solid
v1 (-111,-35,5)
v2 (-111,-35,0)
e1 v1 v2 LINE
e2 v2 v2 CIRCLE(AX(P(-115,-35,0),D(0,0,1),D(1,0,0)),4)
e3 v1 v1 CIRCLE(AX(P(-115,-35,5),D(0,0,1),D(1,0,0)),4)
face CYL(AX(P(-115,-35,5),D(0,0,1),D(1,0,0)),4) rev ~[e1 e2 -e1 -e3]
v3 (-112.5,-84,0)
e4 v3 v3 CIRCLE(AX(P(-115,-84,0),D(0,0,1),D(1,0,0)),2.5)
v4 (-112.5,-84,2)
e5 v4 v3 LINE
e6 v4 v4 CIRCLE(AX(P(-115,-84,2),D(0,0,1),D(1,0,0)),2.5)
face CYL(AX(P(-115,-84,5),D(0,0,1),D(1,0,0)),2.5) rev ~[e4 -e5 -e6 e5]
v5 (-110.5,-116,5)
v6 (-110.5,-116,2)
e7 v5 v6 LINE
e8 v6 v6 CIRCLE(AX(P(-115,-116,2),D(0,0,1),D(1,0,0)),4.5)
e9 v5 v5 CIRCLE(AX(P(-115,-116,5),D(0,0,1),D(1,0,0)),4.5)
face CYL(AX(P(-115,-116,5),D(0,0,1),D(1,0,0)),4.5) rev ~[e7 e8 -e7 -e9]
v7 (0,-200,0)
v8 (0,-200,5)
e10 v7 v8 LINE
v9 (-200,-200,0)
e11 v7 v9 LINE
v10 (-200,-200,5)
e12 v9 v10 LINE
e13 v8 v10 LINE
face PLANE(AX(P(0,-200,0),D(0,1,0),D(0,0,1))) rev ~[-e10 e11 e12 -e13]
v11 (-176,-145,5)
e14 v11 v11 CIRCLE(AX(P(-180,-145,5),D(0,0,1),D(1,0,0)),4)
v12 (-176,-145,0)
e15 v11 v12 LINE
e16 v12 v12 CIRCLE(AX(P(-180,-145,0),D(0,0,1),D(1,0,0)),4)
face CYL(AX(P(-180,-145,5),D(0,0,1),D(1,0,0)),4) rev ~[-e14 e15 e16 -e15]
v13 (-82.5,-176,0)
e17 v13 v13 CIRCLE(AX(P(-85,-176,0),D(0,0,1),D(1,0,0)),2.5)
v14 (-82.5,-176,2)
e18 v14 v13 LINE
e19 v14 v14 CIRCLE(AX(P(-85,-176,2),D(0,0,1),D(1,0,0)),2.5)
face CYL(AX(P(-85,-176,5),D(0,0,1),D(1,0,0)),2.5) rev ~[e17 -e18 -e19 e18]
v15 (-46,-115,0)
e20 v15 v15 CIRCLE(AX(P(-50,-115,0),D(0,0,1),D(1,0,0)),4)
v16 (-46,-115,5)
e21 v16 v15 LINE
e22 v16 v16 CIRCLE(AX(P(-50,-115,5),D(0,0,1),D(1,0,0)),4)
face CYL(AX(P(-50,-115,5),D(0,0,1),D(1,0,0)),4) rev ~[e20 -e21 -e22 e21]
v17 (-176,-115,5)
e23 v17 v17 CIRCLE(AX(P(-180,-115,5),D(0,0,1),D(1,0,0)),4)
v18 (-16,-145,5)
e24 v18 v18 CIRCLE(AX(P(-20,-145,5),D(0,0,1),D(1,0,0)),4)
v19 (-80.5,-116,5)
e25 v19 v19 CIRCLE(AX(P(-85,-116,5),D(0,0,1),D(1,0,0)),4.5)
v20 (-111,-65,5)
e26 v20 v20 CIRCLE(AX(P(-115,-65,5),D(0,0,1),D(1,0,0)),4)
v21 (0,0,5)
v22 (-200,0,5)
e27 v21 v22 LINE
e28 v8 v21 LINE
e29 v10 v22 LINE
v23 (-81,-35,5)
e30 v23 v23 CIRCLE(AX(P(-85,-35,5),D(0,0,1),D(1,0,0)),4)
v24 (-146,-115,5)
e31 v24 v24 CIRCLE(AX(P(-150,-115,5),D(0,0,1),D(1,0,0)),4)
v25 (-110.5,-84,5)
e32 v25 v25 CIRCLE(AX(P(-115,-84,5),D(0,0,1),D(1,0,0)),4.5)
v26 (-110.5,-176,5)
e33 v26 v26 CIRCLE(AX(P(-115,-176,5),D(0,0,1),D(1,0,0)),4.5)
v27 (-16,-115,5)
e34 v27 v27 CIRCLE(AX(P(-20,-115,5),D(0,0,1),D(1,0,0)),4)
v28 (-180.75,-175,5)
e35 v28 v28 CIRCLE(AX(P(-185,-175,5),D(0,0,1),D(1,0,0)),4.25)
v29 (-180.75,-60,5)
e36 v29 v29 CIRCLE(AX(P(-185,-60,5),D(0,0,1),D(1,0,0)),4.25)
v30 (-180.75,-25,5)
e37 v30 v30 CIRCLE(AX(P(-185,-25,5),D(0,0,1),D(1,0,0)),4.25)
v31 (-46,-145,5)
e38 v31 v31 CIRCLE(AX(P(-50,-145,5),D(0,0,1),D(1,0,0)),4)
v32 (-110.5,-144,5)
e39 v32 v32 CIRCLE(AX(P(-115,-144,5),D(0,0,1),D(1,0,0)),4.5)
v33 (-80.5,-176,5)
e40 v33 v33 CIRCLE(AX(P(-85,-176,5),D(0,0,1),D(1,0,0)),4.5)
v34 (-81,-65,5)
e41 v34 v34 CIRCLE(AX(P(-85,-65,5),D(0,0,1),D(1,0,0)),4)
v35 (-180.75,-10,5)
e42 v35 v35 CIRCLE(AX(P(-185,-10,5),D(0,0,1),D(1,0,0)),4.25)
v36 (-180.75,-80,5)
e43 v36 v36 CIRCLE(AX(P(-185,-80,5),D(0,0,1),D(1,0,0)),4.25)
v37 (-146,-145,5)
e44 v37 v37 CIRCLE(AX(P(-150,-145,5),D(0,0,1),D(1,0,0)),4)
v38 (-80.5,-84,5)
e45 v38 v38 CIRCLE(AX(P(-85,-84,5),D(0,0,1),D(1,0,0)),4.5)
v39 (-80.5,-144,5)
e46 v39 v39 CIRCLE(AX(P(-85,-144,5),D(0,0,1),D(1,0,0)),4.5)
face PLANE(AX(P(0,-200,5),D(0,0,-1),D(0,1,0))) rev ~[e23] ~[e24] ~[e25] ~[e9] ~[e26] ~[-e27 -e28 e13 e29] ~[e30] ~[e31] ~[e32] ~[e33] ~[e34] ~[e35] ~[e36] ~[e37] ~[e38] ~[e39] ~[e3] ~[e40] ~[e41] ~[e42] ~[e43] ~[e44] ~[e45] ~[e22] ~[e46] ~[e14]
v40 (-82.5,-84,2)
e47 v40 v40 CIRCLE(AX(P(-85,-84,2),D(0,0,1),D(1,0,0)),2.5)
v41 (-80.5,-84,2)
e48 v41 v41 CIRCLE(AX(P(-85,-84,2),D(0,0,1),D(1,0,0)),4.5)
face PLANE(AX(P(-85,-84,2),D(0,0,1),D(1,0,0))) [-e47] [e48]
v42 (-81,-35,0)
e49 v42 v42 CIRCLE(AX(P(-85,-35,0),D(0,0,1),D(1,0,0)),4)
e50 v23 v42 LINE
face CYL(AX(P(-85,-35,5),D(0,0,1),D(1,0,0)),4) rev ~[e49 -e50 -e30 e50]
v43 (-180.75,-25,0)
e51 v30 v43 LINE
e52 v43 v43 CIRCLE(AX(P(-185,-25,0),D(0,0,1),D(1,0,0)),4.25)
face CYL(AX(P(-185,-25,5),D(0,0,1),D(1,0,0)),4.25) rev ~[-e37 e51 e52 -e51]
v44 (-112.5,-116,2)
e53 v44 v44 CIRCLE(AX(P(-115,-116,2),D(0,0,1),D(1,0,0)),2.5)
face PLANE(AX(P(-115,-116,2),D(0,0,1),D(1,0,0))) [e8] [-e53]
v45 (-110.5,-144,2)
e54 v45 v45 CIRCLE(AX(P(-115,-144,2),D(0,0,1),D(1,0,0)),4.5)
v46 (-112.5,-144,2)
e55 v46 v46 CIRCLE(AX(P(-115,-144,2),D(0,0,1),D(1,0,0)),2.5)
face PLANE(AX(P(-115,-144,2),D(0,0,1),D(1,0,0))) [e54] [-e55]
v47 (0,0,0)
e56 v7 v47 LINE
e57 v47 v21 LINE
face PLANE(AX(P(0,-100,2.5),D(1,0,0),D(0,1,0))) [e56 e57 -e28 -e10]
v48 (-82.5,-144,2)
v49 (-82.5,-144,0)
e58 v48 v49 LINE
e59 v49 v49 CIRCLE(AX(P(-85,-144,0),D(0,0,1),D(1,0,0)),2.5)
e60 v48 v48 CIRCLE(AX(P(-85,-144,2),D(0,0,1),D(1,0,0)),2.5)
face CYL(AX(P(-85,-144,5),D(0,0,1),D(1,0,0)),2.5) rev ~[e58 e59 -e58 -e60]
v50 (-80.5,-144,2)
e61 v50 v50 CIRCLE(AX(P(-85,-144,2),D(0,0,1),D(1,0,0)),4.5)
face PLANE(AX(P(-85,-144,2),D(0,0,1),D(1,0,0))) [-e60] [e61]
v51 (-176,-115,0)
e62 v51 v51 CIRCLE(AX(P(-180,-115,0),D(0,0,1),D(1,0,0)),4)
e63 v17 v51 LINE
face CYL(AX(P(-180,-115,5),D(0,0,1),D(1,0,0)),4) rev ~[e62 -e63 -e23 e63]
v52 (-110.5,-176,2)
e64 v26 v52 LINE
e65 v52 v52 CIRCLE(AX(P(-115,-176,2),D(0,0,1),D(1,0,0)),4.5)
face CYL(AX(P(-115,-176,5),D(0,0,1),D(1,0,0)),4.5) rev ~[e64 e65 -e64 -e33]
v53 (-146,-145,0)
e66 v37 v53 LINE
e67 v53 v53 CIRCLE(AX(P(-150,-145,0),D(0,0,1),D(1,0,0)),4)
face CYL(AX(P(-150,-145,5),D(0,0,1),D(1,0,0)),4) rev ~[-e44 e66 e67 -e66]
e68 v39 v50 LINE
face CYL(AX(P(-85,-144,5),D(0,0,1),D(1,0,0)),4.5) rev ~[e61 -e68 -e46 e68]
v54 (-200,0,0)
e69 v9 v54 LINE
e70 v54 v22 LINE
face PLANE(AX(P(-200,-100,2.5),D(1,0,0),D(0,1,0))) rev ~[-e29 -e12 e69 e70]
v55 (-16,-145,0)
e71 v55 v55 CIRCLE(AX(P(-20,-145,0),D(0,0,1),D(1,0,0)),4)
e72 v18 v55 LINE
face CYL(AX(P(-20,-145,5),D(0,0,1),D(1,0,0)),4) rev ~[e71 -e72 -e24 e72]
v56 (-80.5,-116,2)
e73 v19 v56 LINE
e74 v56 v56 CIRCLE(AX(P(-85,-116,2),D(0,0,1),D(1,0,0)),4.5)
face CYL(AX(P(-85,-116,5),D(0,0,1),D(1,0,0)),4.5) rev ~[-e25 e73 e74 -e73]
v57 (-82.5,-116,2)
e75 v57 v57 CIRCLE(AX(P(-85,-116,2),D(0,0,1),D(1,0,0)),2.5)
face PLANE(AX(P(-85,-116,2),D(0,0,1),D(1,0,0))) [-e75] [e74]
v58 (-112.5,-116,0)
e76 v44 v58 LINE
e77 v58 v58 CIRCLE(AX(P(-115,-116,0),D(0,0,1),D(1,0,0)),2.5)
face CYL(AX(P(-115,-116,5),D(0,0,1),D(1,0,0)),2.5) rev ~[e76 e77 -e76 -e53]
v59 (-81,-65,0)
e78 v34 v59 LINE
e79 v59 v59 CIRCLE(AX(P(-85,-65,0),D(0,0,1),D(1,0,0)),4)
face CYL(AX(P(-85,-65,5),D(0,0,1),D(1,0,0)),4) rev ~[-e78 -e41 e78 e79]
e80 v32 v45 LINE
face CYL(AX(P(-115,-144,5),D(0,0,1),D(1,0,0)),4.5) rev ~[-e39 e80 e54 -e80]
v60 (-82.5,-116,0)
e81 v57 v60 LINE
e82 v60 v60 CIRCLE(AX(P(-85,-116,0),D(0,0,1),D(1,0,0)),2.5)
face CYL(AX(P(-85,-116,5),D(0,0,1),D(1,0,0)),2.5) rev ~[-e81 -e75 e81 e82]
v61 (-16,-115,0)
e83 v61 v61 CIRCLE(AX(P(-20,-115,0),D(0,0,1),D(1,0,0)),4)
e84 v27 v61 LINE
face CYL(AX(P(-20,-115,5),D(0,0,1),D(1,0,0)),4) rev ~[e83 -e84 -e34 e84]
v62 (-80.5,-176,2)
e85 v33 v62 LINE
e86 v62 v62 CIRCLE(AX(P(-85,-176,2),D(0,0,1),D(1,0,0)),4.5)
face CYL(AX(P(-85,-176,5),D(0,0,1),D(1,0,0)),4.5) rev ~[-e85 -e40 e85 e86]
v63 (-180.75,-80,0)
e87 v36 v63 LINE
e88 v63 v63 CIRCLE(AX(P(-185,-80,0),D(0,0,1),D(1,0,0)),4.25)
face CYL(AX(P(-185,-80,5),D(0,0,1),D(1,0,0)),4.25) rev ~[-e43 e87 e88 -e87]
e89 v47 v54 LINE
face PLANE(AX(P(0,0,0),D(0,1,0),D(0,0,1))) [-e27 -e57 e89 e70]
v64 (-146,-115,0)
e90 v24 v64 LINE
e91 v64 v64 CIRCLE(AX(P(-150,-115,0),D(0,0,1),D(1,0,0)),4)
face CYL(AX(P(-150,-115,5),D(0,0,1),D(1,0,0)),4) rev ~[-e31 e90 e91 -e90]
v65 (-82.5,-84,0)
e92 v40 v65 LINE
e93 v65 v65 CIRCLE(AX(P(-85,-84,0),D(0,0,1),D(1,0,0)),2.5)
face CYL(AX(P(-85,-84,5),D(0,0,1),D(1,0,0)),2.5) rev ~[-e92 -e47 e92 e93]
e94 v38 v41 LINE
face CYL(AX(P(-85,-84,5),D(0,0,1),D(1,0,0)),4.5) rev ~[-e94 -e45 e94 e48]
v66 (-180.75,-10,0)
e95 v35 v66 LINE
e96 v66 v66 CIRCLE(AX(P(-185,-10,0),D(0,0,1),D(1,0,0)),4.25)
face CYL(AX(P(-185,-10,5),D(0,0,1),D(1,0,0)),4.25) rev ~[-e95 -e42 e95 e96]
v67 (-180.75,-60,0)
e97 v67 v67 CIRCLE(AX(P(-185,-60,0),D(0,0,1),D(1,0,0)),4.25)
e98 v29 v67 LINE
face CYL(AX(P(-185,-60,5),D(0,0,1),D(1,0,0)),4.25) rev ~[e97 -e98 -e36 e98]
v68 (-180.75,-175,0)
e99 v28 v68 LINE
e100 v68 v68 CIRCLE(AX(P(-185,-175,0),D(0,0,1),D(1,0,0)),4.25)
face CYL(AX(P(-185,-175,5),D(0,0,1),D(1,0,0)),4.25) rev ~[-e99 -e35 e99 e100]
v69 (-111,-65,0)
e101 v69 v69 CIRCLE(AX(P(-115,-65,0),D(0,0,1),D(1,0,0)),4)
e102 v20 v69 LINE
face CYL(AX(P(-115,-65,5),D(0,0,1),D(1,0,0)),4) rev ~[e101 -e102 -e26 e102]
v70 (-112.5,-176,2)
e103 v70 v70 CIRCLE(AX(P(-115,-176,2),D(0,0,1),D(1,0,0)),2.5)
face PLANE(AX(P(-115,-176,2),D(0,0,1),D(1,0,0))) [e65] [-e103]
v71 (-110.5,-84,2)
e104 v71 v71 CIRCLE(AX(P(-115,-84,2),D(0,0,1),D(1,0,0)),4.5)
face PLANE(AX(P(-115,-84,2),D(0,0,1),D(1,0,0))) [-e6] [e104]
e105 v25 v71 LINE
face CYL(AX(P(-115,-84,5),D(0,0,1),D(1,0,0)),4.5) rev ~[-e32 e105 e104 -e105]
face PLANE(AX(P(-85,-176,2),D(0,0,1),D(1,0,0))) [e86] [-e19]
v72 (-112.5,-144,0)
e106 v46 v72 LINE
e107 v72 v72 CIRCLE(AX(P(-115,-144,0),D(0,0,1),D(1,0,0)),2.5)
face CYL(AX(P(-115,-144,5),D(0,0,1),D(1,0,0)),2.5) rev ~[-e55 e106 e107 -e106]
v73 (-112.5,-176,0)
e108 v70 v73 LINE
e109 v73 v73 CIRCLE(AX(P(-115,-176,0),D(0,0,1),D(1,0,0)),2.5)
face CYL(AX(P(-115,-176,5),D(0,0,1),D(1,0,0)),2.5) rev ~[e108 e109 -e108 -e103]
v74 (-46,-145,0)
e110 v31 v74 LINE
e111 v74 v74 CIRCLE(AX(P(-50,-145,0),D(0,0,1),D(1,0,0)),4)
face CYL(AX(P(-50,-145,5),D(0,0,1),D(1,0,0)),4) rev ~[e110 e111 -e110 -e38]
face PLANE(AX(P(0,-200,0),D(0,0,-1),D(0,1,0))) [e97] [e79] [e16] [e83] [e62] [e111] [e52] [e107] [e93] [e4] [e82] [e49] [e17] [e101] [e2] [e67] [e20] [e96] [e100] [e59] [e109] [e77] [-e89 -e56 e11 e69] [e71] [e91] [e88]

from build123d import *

# Parameters (mm, degrees)
F0_W     = 200
F0_H     = 5
F1_DEPTH = 200
F2_R     = 2.5
F3_DEPTH = 5.001
F4_R     = 4.25
F5_DEPTH = 5.001
F6_R     = 4.5
F7_DEPTH = 3
F8_R     = 4
F9_DEPTH = 25


with BuildPart() as f1:
    # F0 (on Right) → F1 (new body)
    with BuildSketch(Plane.YZ):
        with Locations((-100, 2.5)):
            Rectangle(F0_W, F0_H)
    extrude(amount=-F1_DEPTH)

    # F2 (on face) → F3 (cut, through all)
    with BuildSketch(Plane.XY.offset(5)):
        with Locations((-85, -84)):
            Circle(F2_R)
        with Locations((-115, -84)):
            Circle(F2_R)
        with Locations((-85, -116)):
            Circle(F2_R)
        with Locations((-115, -116)):
            Circle(F2_R)
        with Locations((-85, -144)):
            Circle(F2_R)
        with Locations((-115, -144)):
            Circle(F2_R)
        with Locations((-85, -176)):
            Circle(F2_R)
        with Locations((-115, -176)):
            Circle(F2_R)
    extrude(amount=-F3_DEPTH, mode=Mode.SUBTRACT)

    # F4 (on face) → F5 (cut, through all)
    with BuildSketch(Plane.XY.offset(5)):
        with Locations((-185, -25)):
            Circle(F4_R)
        with Locations((-185, -60)):
            Circle(F4_R)
        with Locations((-185, -10)):
            Circle(F4_R)
        with Locations((-185, -175)):
            Circle(F4_R)
        with Locations((-185, -80)):
            Circle(F4_R)
    extrude(amount=-F5_DEPTH, mode=Mode.SUBTRACT)

    # F6 (on face) → F7 (cut)
    with BuildSketch(Plane.XY.offset(5)):
        with Locations((-115, -84)):
            Circle(F6_R)
        with Locations((-85, -84)):
            Circle(F6_R)
        with Locations((-115, -116)):
            Circle(F6_R)
        with Locations((-85, -116)):
            Circle(F6_R)
        with Locations((-115, -144)):
            Circle(F6_R)
        with Locations((-85, -144)):
            Circle(F6_R)
        with Locations((-115, -176)):
            Circle(F6_R)
        with Locations((-85, -176)):
            Circle(F6_R)
    extrude(amount=-F7_DEPTH, mode=Mode.SUBTRACT)

    # F8 (on face) → F9 (cut)
    with BuildSketch(Plane.XY.offset(5)):
        with Locations((-150, -145)):
            Circle(F8_R)
        with Locations((-180, -145)):
            Circle(F8_R)
        with Locations((-20, -145)):
            Circle(F8_R)
        with Locations((-50, -145)):
            Circle(F8_R)
        with Locations((-20, -115)):
            Circle(F8_R)
        with Locations((-50, -115)):
            Circle(F8_R)
        with Locations((-150, -115)):
            Circle(F8_R)
        with Locations((-180, -115)):
            Circle(F8_R)
        with Locations((-85, -65)):
            Circle(F8_R)
        with Locations((-85, -35)):
            Circle(F8_R)
        with Locations((-115, -35)):
            Circle(F8_R)
        with Locations((-115, -65)):
            Circle(F8_R)
    extrude(amount=-F9_DEPTH, mode=Mode.SUBTRACT)


solid = f1.part
